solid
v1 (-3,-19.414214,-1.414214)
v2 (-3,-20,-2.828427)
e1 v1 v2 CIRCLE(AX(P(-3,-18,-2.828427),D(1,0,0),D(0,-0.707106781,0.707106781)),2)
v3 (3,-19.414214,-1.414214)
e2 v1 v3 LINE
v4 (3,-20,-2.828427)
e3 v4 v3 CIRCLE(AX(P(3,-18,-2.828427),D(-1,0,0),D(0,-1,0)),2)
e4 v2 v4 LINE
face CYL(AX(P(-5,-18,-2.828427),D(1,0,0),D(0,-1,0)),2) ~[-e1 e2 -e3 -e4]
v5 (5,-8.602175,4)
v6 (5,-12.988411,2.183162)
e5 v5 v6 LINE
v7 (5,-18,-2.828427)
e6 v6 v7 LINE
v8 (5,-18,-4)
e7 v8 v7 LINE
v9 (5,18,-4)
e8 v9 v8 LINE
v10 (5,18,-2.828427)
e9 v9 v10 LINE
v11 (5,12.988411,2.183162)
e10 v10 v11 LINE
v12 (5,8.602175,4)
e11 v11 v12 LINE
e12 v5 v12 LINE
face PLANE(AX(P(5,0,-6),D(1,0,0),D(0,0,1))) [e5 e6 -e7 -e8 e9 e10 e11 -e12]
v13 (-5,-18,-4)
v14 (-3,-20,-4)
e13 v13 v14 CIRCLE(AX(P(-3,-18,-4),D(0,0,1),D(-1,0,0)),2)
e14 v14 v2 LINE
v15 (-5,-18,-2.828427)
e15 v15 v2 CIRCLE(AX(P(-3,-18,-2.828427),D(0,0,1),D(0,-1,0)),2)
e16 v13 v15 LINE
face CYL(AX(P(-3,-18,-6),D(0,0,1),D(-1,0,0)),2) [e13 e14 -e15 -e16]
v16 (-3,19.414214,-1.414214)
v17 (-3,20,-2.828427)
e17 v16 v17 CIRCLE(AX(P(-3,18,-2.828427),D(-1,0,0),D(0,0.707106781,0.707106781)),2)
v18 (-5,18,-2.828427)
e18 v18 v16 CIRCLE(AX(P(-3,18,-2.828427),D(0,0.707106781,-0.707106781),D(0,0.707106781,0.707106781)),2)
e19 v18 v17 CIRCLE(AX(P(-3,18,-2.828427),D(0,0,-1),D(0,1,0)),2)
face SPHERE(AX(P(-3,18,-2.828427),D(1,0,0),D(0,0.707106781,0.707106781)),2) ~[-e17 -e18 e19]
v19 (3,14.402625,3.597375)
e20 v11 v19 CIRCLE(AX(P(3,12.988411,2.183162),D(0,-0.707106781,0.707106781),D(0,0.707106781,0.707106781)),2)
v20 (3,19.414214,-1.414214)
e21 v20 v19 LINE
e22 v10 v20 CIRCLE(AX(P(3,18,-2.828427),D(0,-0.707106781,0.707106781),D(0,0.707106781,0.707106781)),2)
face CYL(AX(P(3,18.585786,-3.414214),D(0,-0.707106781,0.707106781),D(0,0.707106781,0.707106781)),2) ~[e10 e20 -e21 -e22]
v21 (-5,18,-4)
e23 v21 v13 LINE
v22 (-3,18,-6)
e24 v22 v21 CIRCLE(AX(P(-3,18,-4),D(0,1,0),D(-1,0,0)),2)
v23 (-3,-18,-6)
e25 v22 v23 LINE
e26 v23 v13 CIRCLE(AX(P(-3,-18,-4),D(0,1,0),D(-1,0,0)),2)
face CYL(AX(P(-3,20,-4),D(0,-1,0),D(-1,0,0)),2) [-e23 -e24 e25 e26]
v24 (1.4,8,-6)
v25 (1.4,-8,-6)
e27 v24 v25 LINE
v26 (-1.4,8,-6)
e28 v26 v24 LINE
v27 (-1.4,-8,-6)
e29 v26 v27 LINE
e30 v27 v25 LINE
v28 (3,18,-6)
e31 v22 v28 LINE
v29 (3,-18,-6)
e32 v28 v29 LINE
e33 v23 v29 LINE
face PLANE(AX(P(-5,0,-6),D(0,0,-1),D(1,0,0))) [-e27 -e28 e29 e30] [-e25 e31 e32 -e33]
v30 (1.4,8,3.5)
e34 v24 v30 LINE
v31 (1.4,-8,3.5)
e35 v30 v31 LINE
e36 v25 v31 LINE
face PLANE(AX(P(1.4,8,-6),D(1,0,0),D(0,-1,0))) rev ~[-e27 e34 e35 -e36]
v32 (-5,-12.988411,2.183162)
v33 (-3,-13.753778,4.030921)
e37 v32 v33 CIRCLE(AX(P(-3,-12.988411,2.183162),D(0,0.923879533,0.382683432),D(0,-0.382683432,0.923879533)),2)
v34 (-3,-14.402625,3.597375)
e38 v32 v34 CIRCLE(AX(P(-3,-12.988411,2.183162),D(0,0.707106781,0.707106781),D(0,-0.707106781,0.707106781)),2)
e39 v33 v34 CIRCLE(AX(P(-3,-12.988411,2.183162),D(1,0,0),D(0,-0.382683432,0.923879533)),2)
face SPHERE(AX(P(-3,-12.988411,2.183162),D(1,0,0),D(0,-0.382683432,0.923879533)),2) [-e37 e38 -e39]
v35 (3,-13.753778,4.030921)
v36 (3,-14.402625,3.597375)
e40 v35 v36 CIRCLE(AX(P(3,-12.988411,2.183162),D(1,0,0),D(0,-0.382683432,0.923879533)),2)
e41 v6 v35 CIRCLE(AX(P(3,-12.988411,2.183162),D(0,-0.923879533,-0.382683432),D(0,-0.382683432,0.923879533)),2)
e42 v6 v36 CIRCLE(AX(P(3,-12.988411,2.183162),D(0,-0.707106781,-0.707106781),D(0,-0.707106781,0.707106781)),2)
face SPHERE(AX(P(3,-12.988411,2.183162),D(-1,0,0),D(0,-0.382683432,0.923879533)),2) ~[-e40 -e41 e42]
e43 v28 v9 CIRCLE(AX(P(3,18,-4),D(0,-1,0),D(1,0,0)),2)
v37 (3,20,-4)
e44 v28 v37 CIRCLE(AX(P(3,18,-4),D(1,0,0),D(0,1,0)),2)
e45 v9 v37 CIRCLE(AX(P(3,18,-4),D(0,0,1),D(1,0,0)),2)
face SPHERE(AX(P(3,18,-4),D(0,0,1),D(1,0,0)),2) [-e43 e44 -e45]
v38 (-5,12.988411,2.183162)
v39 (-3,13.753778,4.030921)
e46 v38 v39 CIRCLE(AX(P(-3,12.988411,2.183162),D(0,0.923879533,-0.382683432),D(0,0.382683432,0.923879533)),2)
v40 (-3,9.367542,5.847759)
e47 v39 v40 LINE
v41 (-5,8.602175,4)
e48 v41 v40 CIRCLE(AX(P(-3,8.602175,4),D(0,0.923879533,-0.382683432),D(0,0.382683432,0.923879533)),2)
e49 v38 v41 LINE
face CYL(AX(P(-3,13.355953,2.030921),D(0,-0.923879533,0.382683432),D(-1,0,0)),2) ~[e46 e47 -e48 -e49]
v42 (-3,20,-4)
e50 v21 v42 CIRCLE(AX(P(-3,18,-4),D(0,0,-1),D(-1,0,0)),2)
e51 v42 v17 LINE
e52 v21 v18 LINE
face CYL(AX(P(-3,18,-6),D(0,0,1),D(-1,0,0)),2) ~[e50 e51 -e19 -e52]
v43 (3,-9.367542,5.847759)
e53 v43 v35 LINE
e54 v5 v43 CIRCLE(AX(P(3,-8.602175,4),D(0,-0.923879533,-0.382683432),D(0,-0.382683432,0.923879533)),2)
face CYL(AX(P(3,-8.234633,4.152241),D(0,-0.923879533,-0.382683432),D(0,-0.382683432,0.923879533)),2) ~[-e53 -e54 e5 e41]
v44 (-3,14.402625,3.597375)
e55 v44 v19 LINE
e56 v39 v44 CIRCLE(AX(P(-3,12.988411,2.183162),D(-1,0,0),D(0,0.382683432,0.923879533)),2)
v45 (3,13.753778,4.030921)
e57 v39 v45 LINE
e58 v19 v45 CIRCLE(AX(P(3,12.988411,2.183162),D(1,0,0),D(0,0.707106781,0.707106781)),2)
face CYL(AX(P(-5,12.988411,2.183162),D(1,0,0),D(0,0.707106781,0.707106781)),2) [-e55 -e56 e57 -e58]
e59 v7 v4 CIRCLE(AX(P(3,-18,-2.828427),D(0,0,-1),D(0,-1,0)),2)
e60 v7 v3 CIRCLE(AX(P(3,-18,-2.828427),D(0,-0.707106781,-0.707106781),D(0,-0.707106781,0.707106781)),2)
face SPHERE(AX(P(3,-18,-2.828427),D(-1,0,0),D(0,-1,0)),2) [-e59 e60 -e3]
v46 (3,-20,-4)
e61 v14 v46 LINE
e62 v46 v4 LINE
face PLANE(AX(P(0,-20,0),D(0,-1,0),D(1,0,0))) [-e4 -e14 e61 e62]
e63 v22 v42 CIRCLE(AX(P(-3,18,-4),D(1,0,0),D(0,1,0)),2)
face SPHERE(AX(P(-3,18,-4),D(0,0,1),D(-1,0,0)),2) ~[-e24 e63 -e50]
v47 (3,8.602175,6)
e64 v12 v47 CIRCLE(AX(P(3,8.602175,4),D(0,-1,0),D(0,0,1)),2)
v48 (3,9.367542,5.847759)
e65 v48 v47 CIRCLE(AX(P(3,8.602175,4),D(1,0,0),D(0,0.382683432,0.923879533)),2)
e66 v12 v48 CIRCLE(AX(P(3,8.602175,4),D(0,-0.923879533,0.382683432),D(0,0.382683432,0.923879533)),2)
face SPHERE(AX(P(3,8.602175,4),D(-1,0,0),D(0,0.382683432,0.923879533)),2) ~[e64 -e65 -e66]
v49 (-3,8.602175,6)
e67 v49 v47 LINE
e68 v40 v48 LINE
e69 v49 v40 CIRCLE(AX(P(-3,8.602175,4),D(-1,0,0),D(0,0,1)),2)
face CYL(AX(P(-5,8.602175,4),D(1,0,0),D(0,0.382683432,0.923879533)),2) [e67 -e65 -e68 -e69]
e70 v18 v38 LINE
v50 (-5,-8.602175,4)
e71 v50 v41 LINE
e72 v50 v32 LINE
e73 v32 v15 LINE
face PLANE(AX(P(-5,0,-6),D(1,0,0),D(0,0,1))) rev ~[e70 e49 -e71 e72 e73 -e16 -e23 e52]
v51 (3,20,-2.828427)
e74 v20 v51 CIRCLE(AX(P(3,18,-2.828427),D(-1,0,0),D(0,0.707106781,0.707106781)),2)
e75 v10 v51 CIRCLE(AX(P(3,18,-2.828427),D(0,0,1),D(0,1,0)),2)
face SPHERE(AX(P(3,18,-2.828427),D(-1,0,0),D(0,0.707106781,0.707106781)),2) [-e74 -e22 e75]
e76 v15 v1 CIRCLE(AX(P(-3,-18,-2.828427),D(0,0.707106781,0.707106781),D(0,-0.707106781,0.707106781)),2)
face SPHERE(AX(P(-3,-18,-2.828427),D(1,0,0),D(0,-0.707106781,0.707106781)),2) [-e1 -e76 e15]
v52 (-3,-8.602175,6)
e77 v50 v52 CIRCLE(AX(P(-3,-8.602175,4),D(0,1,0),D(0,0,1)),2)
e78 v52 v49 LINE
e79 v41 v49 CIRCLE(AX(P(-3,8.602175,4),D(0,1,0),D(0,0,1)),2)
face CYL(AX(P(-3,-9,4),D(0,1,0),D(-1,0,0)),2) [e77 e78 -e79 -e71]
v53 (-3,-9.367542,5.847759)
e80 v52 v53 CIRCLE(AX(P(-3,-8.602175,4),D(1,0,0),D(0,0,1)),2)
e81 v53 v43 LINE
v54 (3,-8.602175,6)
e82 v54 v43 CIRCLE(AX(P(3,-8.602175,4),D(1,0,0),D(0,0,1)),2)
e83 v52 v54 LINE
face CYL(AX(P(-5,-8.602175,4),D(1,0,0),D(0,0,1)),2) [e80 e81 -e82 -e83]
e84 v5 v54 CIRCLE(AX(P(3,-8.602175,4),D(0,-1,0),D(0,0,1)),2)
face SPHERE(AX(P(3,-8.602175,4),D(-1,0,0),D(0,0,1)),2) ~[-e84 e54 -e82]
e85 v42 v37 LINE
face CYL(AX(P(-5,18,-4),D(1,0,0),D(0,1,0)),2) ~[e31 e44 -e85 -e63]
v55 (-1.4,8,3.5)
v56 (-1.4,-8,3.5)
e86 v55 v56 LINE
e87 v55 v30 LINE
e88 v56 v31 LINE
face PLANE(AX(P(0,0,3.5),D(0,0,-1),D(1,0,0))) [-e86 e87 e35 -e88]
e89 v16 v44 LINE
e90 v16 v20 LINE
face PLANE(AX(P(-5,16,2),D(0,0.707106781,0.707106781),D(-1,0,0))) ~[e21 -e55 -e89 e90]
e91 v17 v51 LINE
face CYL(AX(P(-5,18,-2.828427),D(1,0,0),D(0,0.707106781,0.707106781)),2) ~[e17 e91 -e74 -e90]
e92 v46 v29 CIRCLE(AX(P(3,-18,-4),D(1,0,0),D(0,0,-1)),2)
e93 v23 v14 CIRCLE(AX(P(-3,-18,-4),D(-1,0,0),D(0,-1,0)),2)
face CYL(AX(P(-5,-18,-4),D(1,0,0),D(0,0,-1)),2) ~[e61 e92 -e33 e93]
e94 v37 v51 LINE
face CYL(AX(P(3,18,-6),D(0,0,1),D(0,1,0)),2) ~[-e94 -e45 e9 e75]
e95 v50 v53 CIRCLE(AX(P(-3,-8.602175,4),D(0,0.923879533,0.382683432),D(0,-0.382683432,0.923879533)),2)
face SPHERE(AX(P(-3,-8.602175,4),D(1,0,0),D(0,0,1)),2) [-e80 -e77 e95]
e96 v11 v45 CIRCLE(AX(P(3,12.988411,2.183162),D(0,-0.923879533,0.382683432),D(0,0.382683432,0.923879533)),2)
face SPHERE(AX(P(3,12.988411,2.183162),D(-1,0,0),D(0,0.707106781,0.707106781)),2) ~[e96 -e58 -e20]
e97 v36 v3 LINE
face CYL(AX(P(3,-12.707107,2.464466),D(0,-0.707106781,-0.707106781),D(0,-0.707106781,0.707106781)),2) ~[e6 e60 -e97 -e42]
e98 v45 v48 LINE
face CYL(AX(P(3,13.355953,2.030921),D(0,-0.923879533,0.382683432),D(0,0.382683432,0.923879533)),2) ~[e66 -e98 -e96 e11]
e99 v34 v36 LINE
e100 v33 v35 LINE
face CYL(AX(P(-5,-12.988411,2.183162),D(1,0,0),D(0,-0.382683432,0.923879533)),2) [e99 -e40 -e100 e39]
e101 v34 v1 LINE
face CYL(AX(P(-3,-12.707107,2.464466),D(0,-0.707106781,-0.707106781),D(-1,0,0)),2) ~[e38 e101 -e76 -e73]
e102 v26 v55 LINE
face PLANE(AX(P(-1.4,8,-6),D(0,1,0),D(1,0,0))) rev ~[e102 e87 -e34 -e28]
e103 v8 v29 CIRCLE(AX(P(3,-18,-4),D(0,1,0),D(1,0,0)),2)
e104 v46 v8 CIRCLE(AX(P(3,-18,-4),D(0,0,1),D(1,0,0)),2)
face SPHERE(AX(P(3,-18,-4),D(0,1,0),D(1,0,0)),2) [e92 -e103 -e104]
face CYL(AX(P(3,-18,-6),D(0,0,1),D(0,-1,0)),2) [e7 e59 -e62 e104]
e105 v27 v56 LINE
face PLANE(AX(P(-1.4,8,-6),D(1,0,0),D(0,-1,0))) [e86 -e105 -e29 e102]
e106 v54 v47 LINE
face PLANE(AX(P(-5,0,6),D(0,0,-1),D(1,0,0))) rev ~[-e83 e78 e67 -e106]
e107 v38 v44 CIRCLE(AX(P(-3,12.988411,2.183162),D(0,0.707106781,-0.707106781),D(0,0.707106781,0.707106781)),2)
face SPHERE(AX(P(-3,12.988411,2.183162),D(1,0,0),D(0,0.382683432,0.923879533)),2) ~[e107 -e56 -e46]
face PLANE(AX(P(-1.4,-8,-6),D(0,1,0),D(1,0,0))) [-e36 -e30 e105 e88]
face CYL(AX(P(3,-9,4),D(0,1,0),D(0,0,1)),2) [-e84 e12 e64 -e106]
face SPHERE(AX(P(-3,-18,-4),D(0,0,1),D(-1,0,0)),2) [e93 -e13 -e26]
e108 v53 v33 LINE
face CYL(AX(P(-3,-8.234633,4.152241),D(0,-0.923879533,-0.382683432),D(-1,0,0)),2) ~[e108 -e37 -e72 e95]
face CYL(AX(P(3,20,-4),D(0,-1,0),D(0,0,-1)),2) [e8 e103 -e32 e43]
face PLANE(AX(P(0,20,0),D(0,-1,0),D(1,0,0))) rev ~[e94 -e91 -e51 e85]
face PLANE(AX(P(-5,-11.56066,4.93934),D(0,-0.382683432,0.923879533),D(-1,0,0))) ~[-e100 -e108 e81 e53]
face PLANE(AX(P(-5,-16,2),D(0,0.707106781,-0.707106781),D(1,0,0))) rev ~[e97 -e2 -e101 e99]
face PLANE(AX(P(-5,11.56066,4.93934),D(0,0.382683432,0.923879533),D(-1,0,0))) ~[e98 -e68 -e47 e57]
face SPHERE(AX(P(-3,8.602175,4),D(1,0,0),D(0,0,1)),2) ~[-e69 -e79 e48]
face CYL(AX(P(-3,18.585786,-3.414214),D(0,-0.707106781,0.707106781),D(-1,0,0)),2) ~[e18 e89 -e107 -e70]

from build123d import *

# Parameters (mm, degrees)
F0_W     = 10
F0_H     = 12
F1_DEPTH = 20
F2_W     = 2.8
F2_H     = 16
F3_DEPTH = 9.5
F4_SIZE  = 8
F5_SIZE  = 3
F6_R     = 2


with BuildPart() as f1:
    # F0 (on Front) → F1 (new body, symmetric)
    with BuildSketch(Plane.XZ):
        Rectangle(F0_W, F0_H)
    extrude(amount=F1_DEPTH, both=True)

    # F2 (on face) → F3 (cut)
    with BuildSketch(Plane(origin=(0, 0, -6), x_dir=(1, 0, 0), z_dir=(0, 0, -1))):
        Rectangle(F2_W, F2_H)
    extrude(amount=-F3_DEPTH, mode=Mode.SUBTRACT)

    # F4
    f4_edges = [f1.edges().sort_by_distance(p)[0] for p in [
        (0, -20, 6),
        (0, 20, 6),
    ]]
    chamfer(f4_edges, length=F4_SIZE)

    # F5
    f5_edges = [f1.edges().sort_by_distance(p)[0] for p in [
        (0, -12, 6),
        (0, 12, 6),
    ]]
    chamfer(f5_edges, length=F5_SIZE)

    # F6
    f6_edges = [f1.edges().sort_by_distance(p)[0] for p in [
        (5, 17.06066, 0.93934),
        (5, 11.56066, 4.93934),
        (5, 20, -4),
        (5, 0, 6),
        (5, 0, -6),
        (5, -11.56066, 4.93934),
        (5, -20, -4),
        (5, -17.06066, 0.93934),
        (-5, 0, 6),
        (-5, 11.56066, 4.93934),
        (-5, -11.56066, 4.93934),
        (-5, 17.06066, 0.93934),
        (-5, -17.06066, 0.93934),
        (-5, 20, -4),
        (-5, -20, -4),
        (-5, 0, -6),
        (0, -20, -6),
        (0, 20, -6),
        (0, 20, -2),
        (0, 14.12132, 3.87868),
        (0, 9, 6),
        (0, -9, 6),
        (0, -14.12132, 3.87868),
        (0, -20, -2),
    ]]
    fillet(f6_edges, radius=F6_R)


solid = f1.part
